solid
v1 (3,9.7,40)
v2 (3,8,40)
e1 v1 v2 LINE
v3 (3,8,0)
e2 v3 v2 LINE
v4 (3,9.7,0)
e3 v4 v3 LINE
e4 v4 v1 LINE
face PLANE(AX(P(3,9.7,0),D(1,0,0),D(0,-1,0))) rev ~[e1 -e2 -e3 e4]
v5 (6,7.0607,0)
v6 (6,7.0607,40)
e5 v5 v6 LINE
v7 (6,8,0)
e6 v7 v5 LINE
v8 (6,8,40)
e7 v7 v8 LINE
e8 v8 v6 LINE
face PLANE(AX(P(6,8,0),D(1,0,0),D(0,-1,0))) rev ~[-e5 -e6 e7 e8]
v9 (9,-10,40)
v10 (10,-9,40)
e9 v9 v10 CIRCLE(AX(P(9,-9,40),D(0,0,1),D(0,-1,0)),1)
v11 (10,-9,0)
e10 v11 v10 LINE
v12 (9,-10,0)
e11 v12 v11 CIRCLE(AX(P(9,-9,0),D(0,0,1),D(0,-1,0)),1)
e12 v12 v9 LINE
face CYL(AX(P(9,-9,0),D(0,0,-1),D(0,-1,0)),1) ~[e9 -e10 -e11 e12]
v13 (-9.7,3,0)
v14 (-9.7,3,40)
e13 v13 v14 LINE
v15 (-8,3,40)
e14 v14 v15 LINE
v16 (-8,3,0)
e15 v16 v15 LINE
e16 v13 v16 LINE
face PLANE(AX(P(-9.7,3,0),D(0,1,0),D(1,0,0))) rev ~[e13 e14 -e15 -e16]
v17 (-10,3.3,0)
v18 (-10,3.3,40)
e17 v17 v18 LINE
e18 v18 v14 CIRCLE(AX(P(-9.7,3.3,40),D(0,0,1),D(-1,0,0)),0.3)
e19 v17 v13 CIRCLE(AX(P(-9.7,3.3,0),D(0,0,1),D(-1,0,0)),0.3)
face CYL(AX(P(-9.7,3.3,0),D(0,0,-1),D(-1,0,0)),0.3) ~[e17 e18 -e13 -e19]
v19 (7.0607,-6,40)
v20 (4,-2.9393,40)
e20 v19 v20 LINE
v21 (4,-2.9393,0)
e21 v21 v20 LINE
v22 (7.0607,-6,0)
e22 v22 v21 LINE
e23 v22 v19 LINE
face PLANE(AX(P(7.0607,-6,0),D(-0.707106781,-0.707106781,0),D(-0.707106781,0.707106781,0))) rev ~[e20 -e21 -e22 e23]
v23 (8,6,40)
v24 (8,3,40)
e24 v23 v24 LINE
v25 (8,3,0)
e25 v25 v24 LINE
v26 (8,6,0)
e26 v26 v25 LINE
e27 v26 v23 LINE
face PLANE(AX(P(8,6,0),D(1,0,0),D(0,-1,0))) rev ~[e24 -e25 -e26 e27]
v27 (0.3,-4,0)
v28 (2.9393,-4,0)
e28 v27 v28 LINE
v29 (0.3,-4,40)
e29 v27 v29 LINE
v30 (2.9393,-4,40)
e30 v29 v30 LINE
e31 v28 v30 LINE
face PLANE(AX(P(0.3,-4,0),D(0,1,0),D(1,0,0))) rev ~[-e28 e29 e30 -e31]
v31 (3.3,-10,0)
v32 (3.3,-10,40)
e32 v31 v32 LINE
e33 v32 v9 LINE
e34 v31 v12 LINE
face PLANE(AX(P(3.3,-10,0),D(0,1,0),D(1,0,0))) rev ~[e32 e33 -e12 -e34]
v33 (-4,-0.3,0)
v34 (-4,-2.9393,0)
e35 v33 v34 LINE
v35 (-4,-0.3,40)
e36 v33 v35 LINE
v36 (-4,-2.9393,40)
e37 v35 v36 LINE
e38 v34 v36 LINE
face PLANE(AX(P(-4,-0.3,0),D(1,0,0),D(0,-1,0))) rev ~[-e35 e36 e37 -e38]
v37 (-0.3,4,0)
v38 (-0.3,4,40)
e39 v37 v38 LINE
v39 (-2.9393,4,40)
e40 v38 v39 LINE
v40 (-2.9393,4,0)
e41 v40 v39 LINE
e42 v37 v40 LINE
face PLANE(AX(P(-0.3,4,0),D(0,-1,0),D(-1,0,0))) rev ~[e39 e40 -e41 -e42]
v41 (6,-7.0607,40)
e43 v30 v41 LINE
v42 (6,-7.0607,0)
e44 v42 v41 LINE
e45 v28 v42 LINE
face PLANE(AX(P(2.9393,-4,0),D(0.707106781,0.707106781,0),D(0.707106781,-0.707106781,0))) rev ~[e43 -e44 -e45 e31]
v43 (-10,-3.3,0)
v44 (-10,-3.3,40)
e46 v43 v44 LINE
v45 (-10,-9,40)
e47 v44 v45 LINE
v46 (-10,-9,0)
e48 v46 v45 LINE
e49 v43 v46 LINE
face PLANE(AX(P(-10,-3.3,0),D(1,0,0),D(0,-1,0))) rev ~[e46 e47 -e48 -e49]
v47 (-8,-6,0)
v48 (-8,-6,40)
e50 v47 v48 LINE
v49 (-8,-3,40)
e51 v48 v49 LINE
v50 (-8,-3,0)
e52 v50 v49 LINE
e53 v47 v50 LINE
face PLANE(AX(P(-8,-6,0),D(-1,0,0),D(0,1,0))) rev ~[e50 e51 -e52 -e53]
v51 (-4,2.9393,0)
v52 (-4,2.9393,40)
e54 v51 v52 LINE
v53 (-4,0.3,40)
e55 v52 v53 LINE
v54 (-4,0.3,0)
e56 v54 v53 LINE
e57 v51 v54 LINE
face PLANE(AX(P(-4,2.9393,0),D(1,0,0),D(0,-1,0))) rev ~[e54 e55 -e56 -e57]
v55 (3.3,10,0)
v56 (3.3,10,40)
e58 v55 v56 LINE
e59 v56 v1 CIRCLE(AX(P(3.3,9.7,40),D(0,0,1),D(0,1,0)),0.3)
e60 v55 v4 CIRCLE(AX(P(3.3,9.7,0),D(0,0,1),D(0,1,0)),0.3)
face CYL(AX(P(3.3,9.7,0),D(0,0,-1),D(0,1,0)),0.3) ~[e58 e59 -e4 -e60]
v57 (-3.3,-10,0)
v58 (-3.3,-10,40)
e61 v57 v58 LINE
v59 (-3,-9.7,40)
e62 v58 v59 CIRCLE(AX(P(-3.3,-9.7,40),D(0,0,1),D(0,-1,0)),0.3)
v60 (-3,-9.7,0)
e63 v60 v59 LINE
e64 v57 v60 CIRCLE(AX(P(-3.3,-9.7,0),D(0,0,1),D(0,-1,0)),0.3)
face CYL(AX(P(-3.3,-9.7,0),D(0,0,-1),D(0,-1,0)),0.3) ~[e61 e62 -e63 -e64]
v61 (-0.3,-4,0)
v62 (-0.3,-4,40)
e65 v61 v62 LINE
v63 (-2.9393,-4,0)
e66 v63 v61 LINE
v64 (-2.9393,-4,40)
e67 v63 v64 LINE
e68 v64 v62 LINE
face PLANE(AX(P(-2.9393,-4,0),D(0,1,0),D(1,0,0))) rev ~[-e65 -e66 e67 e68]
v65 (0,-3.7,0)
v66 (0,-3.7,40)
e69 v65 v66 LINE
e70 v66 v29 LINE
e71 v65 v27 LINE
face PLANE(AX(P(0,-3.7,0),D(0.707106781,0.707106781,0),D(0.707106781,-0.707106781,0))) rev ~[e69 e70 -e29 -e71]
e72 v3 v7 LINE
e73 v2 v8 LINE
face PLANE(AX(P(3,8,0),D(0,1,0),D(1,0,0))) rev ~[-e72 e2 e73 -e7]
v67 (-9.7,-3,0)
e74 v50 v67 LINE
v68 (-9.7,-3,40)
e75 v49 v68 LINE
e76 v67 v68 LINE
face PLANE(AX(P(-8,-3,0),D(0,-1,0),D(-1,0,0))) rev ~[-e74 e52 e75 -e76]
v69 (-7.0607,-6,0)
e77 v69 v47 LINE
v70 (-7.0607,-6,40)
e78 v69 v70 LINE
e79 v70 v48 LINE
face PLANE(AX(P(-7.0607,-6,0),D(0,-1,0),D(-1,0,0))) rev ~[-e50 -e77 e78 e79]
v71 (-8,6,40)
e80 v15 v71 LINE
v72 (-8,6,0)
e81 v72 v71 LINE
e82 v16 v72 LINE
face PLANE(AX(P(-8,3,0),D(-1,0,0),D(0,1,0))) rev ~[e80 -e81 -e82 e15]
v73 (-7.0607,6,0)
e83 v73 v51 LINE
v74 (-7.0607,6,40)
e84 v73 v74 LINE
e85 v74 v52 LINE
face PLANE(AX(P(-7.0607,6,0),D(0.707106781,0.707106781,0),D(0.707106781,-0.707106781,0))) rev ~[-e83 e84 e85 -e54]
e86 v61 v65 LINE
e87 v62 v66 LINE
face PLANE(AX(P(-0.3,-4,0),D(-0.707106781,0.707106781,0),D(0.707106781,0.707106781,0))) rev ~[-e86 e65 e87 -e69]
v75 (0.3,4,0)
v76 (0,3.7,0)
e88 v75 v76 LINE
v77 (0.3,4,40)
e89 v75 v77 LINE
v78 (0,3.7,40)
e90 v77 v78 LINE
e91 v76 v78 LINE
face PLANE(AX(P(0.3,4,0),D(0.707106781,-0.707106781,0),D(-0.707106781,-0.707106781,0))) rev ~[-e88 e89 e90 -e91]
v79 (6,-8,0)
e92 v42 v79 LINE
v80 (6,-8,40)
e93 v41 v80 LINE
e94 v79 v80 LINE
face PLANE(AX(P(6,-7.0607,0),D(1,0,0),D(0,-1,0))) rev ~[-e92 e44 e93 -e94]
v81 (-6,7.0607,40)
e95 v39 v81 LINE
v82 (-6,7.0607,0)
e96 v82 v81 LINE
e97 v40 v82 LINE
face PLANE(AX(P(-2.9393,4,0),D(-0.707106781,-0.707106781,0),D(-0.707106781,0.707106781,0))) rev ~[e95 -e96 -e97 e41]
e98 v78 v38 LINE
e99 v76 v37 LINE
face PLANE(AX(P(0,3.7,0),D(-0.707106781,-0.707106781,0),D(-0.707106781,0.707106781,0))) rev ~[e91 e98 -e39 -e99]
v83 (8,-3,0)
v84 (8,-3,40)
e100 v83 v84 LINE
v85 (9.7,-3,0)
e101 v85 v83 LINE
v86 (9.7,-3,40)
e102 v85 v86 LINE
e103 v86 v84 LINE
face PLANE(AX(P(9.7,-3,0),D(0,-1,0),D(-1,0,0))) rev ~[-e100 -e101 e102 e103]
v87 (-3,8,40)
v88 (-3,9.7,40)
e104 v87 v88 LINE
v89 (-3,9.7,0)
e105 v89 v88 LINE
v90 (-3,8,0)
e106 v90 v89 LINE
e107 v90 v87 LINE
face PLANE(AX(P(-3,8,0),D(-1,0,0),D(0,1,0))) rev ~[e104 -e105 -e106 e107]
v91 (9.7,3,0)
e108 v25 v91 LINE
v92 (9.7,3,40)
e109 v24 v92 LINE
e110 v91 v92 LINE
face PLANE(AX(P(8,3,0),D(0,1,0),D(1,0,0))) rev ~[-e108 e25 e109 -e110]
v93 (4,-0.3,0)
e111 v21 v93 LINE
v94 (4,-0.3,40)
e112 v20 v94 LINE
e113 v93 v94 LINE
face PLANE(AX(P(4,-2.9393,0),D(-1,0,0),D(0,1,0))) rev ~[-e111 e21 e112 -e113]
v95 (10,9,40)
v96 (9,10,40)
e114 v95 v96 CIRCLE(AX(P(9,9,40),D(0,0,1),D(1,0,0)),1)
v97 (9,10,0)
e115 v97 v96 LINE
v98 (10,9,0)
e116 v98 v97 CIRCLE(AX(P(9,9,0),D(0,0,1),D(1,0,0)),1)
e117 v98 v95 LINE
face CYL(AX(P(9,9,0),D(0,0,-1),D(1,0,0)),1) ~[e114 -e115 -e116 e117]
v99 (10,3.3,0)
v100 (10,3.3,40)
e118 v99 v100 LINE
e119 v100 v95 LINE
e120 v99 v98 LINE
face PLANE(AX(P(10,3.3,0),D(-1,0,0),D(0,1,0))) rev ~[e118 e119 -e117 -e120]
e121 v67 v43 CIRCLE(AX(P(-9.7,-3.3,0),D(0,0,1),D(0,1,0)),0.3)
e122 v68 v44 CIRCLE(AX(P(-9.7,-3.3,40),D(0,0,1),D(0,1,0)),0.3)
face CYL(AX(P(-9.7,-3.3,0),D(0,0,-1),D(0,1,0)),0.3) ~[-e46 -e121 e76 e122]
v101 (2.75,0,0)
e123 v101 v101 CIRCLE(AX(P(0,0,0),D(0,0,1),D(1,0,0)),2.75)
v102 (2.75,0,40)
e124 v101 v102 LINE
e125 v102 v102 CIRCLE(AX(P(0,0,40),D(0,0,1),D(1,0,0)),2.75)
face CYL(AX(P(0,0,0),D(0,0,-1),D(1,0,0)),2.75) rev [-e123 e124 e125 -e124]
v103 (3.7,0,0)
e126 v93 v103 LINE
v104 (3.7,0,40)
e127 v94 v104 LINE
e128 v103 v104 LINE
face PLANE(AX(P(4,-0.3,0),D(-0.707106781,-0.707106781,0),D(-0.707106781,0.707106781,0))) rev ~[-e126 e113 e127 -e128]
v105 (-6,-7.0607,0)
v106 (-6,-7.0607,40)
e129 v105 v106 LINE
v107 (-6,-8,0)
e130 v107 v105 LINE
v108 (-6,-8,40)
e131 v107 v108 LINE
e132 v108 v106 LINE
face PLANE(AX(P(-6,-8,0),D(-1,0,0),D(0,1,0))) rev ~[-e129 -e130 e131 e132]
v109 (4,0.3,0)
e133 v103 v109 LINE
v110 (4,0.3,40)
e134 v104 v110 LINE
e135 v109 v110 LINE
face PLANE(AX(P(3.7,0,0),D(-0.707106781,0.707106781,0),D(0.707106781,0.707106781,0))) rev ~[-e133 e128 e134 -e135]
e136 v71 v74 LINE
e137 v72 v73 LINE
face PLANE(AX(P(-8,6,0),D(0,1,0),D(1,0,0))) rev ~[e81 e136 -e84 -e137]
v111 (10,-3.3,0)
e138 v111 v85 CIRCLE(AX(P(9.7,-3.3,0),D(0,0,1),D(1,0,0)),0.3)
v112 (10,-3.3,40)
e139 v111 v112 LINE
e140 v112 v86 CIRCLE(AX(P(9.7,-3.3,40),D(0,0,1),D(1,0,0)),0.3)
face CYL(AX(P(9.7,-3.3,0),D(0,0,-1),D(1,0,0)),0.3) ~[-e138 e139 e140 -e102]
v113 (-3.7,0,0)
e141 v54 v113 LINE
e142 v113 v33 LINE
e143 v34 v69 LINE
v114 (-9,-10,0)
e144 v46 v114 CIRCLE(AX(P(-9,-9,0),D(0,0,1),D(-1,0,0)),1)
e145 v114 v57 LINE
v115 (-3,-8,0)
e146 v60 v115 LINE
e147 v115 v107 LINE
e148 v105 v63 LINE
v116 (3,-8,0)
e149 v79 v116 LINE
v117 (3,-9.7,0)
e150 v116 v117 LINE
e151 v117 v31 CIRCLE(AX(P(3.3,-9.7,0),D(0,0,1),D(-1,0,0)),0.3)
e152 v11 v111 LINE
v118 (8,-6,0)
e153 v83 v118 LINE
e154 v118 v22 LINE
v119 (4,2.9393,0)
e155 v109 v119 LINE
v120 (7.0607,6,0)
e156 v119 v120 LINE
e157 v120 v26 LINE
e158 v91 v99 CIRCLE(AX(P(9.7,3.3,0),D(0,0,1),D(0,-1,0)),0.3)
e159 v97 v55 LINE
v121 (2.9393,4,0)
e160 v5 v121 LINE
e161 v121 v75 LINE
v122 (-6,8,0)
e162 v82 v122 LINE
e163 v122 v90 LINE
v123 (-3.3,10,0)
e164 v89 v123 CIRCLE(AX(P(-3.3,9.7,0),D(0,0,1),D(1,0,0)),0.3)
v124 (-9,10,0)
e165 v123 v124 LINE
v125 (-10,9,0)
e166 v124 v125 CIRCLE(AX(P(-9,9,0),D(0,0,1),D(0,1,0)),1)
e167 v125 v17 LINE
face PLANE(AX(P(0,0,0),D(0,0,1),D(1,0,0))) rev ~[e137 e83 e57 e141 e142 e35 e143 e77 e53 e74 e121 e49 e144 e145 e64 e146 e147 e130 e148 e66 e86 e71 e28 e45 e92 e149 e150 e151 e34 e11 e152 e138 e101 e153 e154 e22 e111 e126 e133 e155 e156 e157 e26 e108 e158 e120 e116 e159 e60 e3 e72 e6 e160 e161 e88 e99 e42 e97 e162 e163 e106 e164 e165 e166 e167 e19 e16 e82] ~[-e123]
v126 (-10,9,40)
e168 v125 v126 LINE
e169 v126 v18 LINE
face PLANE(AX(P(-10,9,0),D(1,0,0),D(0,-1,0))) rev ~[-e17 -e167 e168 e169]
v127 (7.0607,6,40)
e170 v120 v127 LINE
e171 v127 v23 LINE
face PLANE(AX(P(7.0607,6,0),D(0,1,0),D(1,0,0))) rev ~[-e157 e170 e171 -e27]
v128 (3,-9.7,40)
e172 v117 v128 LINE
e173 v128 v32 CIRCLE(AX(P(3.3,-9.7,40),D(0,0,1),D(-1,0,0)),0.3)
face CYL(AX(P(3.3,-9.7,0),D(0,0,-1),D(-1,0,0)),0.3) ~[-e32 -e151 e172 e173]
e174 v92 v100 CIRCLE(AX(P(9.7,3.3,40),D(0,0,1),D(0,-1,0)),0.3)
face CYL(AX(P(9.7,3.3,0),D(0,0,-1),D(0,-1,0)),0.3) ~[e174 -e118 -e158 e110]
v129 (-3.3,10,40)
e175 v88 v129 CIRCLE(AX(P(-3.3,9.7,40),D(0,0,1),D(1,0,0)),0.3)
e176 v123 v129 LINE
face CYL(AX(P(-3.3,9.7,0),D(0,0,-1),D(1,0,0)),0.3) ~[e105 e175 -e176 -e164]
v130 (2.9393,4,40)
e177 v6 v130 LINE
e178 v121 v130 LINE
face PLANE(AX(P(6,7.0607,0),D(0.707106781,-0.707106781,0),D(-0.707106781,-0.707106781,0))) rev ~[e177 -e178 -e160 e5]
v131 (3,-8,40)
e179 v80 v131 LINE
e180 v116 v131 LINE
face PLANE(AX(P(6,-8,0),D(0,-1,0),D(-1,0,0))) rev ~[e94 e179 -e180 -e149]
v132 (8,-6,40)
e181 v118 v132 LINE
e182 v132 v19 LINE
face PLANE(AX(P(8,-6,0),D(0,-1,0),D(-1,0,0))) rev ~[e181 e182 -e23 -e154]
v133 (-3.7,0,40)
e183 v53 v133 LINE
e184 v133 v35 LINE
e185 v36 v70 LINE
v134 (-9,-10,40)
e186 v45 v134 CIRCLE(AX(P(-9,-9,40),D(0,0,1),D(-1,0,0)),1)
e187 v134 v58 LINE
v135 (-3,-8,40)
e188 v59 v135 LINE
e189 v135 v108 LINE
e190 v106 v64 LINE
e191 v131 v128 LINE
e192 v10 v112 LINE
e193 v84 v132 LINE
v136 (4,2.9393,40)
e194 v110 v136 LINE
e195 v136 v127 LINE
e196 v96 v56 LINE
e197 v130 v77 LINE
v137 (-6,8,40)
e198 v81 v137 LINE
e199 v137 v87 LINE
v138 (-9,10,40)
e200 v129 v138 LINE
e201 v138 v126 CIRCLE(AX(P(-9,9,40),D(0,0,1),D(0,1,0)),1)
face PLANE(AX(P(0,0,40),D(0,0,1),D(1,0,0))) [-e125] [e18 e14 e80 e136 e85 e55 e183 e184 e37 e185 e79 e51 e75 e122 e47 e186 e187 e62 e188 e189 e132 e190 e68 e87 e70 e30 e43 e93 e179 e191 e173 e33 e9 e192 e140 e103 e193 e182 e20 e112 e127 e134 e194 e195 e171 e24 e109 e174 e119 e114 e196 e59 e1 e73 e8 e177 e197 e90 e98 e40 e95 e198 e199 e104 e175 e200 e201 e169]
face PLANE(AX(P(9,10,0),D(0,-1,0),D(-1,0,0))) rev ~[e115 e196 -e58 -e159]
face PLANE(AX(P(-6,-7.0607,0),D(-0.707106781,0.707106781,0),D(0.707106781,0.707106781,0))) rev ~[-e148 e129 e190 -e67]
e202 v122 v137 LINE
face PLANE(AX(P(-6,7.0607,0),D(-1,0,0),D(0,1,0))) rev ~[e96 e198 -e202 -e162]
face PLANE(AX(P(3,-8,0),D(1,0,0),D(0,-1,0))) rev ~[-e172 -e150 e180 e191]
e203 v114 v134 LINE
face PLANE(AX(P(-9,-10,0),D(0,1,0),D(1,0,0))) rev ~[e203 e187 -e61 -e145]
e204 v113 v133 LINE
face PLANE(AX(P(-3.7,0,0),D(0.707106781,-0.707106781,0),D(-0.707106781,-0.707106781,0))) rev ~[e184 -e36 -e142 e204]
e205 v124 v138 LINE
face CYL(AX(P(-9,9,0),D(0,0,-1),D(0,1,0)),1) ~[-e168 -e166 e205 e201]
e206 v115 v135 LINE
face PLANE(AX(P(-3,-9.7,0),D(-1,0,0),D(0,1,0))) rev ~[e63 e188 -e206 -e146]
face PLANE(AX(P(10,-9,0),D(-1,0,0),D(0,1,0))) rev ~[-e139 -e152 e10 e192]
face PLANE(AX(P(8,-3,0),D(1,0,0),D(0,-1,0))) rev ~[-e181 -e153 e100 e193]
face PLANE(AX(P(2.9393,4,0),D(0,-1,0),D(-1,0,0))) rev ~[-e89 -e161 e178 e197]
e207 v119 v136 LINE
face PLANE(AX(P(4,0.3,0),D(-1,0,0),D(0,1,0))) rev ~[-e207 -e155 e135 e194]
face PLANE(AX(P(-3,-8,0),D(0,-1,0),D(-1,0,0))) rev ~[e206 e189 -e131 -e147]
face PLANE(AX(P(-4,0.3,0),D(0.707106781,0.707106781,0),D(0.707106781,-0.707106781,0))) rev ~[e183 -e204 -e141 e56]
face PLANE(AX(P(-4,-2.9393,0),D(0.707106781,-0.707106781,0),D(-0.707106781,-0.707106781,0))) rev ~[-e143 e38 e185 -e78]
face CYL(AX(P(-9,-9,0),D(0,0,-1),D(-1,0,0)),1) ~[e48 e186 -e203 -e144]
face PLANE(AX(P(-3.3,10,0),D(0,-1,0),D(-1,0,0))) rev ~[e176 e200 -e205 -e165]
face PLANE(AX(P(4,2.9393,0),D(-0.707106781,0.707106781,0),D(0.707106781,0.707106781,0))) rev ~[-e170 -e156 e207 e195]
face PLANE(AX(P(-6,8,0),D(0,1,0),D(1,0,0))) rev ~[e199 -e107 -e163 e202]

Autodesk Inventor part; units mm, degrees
ref_plane "Startebene" through (0, 0, 0) normal (0, 0, 1) x (1, 0, 0)
ref_plane "Endebene" through (0, 0, 320) normal (0, 0, 1) x (1, 0, 0)
ref_plane "Startebene1" through (0, 0, 0) normal (0, 0, 1) x (1, 0, 0)
ref_plane "Endebene1" through (0, 0, 40) normal (0, 0, 1) x (1, 0, 0)
ref_plane "Startebene2" through (0, 0, 0) normal (0, 0, 1) x (1, 0, 0)
ref_plane "Endebene2" through (0, 0, 40) normal (0, 0, 1) x (1, 0, 0)
ref_plane "Startebene3" through (0, 0, 0) normal (0, 0, 1) x (1, 0, 0)
ref_plane "Endebene3" through (0, 0, 40) normal (0, 0, 1) x (1, 0, 0)
sketch "Skizze" plane through (0, 0, 0) normal (0, 0, 1) x (1, 0, 0)
  line L0 (-10, 9) -> (-10, 3.3)
  arc A0 (-10, 3.3) -> (-9.7, 3) centre (-9.7, 3.3) ccw
  line L1 (-9.7, 3) -> (-8, 3)
  line L2 (-8, 3) -> (-8, 6)
  line L3 (-8, 6) -> (-7.0607, 6)
  line L4 (-7.0607, 6) -> (-4, 2.9393)
  line L5 (-4, 2.9393) -> (-4, 0.3)
  line L6 (-4, 0.3) -> (-3.7, 0)
  line L7 (-3.7, 0) -> (-4, -0.3)
  line L8 (-4, -0.3) -> (-4, -2.9393)
  line L9 (-4, -2.9393) -> (-7.0607, -6)
  line L10 (-7.0607, -6) -> (-8, -6)
  line L11 (-8, -6) -> (-8, -3)
  line L12 (-8, -3) -> (-9.7, -3)
  arc A1 (-9.7, -3) -> (-10, -3.3) centre (-9.7, -3.3) ccw
  line L13 (-10, -3.3) -> (-10, -9)
  arc A2 (-10, -9) -> (-9, -10) centre (-9, -9) ccw
  line L14 (-9, -10) -> (-3.3, -10)
  arc A3 (-3.3, -10) -> (-3, -9.7) centre (-3.3, -9.7) ccw
  line L15 (-3, -9.7) -> (-3, -8)
  line L16 (-3, -8) -> (-6, -8)
  line L17 (-6, -8) -> (-6, -7.0607)
  line L18 (-6, -7.0607) -> (-2.9393, -4)
  line L19 (-2.9393, -4) -> (-0.3, -4)
  line L20 (-0.3, -4) -> (0, -3.7)
  line L21 (0, -3.7) -> (0.3, -4)
  line L22 (0.3, -4) -> (2.9393, -4)
  line L23 (2.9393, -4) -> (6, -7.0607)
  line L24 (6, -7.0607) -> (6, -8)
  line L25 (6, -8) -> (3, -8)
  line L26 (3, -8) -> (3, -9.7)
  arc A4 (3, -9.7) -> (3.3, -10) centre (3.3, -9.7) ccw
  line L27 (3.3, -10) -> (9, -10)
  arc A5 (9, -10) -> (10, -9) centre (9, -9) ccw
  line L28 (10, -9) -> (10, -3.3)
  arc A6 (10, -3.3) -> (9.7, -3) centre (9.7, -3.3) ccw
  line L29 (9.7, -3) -> (8, -3)
  line L30 (8, -3) -> (8, -6)
  line L31 (8, -6) -> (7.0607, -6)
  line L32 (7.0607, -6) -> (4, -2.9393)
  line L33 (4, -2.9393) -> (4, -0.3)
  line L34 (4, -0.3) -> (3.7, 0)
  line L35 (3.7, 0) -> (4, 0.3)
  line L36 (4, 0.3) -> (4, 2.9393)
  line L37 (4, 2.9393) -> (7.0607, 6)
  line L38 (7.0607, 6) -> (8, 6)
  line L39 (8, 6) -> (8, 3)
  line L40 (8, 3) -> (9.7, 3)
  arc A7 (9.7, 3) -> (10, 3.3) centre (9.7, 3.3) ccw
  line L41 (10, 3.3) -> (10, 9)
  arc A8 (10, 9) -> (9, 10) centre (9, 9) ccw
  line L42 (9, 10) -> (3.3, 10)
  arc A9 (3.3, 10) -> (3, 9.7) centre (3.3, 9.7) ccw
  line L43 (3, 9.7) -> (3, 8)
  line L44 (3, 8) -> (6, 8)
  line L45 (6, 8) -> (6, 7.0607)
  line L46 (6, 7.0607) -> (2.9393, 4)
  line L47 (2.9393, 4) -> (0.3, 4)
  line L48 (0.3, 4) -> (0, 3.7)
  line L49 (0, 3.7) -> (-0.3, 4)
  line L50 (-0.3, 4) -> (-2.9393, 4)
  line L51 (-2.9393, 4) -> (-6, 7.0607)
  line L52 (-6, 7.0607) -> (-6, 8)
  line L53 (-6, 8) -> (-3, 8)
  line L54 (-3, 8) -> (-3, 9.7)
  arc A10 (-3, 9.7) -> (-3.3, 10) centre (-3.3, 9.7) ccw
  line L55 (-3.3, 10) -> (-9, 10)
  arc A11 (-9, 10) -> (-10, 9) centre (-9, 9) ccw
  circle A12 centre (0, 0) radius 2.75
  dimension "d2" = 5.5
  dimension "d3" = 10
  dimension "d4" = 10
  dimension "d5" = 5.7
  dimension "d6" = 5.7
  dimension "d7" = 1.7
  dimension "d8" = 3
  dimension "d9" = 0.3
  dimension "d10" = 90
  dimension "d11" = 45
  dimension "d12" = 45
  dimension "d13" = 45
  dimension "d14" = 90
  dimension "d15" = 90
  dimension "d16" = 45
  dimension "d17" = 45
  dimension "d18" = 45
  dimension "d19" = 45
  dimension "d20" = 90
  dimension "d21" = 90
  dimension "d22" = 45
  dimension "d23" = 45
  dimension "d24" = 90
  dimension "d25" = 90
  dimension "d26" = 90
  dimension "d27" = 90
  dimension "d28" = 90
  dimension "d29" = 90
  dimension "d30" = 90
  dimension "d31" = 90
  dimension "d32" = 90
  dimension "d33" = 90
  dimension "d34" = 90
  dimension "d35" = 90
  dimension "d36" = 90
  dimension "d37" = 90
  dimension "d38" = 90
  dimension "d39" = 4
  dimension "d40" = 6
  dimension "d41" = 13
  dimension "d42" = 14
  dimension "d43" = 16
  dimension "d44" = 18
  dimension "d45" = 3
  dimension "d46" = 9
  dimension "d47" = 7
  dimension "d48" = 1
  dimension "d49" = 7
  dimension "d50" = 1.5
  dimension "d51" = 1.8663
  dimension "d52" = 3.3663
  dimension "d53" = 1.5
  dimension "d54" = 1.8663
  dimension "d55" = 3.3663
  dimension "d56" = 4
  dimension "d57" = 10.8187
  dimension "d58" = 1.9092
  dimension "d59" = 5
  dimension "d60" = 13
  dimension "d61" = 13
  dimension "d62" = 16.0513
  dimension "d63" = 3.3234
  dimension "d64" = 14
  dimension "d65" = 12.685
extrude "Körper" add sketch "Skizze" along normal up to surface (40 mm away) from surface at 0
sketch "Skizze21" plane through (0, 0, 0) normal (0, 0, 1) x (1, 0, 0)
  line L0 (0, 0) -> (10, 0)
ref_plane "Arbeitsebene18" through (0, 0, 0) normal (0, -1, 0) x (1, 0, 0)
sketch "Skizze22" plane through (0, 0, 0) normal (0, -1, 0) x (1, 0, 0)
  line L0 (-14, 0) -> (14, 0)
  line L1 (-14, 40) -> (14, 40)
  dimension "d80" = 40
equation "\"G_OFFSET_START\" = 0"
equation "\"G_OFFSET_END\" = 0"
equation "\"G_L\" = d80"
equation "\"G_OFFSET_START1\" = 0"
equation "\"G_OFFSET_END1\" = 0"
equation "\"G_OFFSET_START2\" = 0"
equation "\"G_OFFSET_END2\" = 0"
equation "\"G_OFFSET_START3\" = 0"
equation "\"G_OFFSET_END3\" = 0"
properties part number "1658556099729"
